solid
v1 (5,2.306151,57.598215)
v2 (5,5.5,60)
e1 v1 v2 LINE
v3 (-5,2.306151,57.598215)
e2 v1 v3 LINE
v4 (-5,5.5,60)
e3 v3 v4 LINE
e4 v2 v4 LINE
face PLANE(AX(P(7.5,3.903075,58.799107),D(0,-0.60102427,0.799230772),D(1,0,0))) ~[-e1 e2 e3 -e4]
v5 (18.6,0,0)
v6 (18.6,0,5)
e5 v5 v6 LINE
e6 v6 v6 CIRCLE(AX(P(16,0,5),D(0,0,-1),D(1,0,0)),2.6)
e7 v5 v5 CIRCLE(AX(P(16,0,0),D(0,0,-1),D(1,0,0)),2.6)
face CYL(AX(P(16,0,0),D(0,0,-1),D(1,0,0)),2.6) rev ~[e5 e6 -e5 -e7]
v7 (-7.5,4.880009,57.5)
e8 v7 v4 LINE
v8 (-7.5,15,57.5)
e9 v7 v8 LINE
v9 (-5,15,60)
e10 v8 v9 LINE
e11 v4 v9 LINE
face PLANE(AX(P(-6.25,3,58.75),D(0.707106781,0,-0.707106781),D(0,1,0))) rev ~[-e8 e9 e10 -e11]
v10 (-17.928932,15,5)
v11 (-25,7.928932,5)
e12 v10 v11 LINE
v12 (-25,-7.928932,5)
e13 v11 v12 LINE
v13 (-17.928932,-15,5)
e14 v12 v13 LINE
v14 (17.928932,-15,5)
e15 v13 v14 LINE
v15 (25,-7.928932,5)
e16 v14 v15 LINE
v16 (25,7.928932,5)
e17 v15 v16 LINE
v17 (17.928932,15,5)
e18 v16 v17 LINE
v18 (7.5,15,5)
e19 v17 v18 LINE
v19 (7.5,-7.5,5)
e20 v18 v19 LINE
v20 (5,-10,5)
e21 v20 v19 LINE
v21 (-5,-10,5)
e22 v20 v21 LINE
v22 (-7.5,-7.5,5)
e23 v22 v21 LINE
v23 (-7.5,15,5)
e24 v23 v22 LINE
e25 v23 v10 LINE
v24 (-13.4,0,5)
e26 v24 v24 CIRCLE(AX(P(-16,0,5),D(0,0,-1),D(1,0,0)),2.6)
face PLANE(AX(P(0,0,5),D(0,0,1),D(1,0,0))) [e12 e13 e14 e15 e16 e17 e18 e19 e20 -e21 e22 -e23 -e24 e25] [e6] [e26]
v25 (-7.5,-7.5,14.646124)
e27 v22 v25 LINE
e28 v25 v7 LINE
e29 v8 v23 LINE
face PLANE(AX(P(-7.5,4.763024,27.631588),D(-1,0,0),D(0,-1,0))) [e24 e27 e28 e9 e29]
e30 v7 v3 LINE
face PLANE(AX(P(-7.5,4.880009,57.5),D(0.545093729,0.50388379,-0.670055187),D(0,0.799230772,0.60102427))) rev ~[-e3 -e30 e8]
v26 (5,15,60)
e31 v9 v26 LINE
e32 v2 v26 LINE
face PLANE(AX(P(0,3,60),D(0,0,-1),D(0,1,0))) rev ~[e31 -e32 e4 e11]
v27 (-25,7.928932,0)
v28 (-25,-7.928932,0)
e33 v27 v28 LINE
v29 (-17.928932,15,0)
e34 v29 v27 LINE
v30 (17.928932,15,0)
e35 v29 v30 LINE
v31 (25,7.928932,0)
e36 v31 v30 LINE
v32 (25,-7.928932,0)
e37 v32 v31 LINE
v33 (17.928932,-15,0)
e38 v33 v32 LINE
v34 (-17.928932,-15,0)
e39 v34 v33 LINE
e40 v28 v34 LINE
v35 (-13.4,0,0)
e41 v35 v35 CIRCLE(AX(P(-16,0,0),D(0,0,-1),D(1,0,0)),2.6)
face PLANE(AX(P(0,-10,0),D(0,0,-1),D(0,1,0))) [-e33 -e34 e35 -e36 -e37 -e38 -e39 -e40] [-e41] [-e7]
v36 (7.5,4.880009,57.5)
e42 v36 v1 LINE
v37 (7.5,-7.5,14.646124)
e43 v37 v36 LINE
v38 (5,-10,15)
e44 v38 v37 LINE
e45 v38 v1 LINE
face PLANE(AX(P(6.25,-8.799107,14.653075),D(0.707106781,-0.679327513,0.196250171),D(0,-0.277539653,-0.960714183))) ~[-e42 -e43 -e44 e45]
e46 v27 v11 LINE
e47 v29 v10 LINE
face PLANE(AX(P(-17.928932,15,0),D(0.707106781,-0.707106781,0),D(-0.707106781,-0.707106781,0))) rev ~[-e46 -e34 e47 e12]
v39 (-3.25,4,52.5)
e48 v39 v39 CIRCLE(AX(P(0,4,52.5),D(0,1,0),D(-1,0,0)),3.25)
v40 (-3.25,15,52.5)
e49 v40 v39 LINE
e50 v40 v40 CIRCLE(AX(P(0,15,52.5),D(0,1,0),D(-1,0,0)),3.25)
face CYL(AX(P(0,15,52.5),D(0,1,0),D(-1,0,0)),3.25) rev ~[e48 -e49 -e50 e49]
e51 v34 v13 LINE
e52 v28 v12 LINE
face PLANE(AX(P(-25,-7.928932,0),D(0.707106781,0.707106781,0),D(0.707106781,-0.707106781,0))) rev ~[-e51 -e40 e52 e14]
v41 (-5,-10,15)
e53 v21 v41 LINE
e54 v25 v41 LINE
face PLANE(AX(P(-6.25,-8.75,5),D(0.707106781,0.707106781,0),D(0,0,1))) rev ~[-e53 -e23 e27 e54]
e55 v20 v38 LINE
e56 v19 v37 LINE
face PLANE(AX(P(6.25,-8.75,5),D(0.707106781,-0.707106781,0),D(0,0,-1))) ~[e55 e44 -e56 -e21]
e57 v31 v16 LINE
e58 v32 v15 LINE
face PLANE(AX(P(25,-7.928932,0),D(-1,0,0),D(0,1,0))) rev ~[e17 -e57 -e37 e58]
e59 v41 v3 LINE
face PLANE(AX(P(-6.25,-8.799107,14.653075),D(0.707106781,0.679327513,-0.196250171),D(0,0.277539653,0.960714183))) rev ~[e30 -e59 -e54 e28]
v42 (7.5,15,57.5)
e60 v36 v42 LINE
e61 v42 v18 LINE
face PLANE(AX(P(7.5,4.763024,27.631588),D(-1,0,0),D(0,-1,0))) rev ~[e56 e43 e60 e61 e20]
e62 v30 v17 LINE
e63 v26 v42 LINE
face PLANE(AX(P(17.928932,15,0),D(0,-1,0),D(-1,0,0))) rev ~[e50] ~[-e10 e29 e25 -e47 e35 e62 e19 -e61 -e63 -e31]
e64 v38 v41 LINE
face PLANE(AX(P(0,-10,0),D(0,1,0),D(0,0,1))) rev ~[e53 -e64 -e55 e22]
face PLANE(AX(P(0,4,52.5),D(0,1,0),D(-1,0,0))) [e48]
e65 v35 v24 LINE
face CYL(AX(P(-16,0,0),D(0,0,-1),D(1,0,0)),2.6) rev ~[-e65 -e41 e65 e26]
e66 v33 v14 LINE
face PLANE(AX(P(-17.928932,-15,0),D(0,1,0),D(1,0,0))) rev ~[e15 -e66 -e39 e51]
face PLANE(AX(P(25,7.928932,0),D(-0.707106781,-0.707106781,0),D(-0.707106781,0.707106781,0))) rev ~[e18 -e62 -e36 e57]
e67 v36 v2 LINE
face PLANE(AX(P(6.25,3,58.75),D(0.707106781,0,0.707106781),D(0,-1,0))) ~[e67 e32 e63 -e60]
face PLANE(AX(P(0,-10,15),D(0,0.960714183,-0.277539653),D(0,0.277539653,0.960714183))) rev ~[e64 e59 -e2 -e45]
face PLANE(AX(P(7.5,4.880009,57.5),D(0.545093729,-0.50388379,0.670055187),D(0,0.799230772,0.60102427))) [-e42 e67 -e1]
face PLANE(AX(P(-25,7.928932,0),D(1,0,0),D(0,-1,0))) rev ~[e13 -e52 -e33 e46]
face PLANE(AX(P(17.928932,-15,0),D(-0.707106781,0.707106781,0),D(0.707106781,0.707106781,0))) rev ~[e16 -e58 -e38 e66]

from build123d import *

# Parameters (mm, degrees)
PAD_DEPTH       = 5
PAD001_DEPTH    = 7.5
CHAMFER_SIZE    = 2.5
SKETCH002_R     = 3.25
POCKET_DEPTH    = 11
SKETCH003_R     = 2.6
POCKET001_DEPTH = 5


with BuildPart() as part:
    # Sketch → Pad (new body)
    with BuildSketch(Plane.XY):
        Polygon((-17.928932, -15), (17.928932, -15), (25, -7.928932), (25, 7.928932), (17.928932, 15), (-17.928932, 15), (-25, 7.928932), (-25, -7.928932), align=None)
    extrude(amount=PAD_DEPTH)

    # Sketch001 → Pad001 (join, symmetric)
    with BuildSketch(Plane.YZ):
        Polygon((0, 0), (-10, 0), (-10, 15), (3, 60), (15, 60), (15, 0), align=None)
    extrude(amount=PAD001_DEPTH, both=True)

    # Chamfer
    chamfer_edges = [part.edges().sort_by_distance(p)[0] for p in [
        (0, 3, 60),
        (7.5, -3.5, 37.5),
        (-7.5, -3.5, 37.5),
        (-7.5, -10, 10),
        (7.5, -10, 10),
        (7.5, 9, 60),
        (-7.5, 9, 60),
    ]]
    chamfer(chamfer_edges, length=CHAMFER_SIZE)

    # Sketch002 (on Face4 of Chamfer) → Pocket (cut)
    with BuildSketch(Plane(origin=(0, 15, 0), x_dir=(-1, 0, 0), z_dir=(0, 1, 0))):
        with Locations((0, 52.5)):
            Circle(SKETCH002_R)
    extrude(amount=-POCKET_DEPTH, mode=Mode.SUBTRACT)

    # Sketch003 (on Face19 of Pocket) → Pocket001 (cut)
    with BuildSketch(Plane(origin=(0, 0, 0), x_dir=(1, 0, 0), z_dir=(0, 0, -1))):
        with Locations((-16, 0)):
            Circle(SKETCH003_R)
        with Locations((16, 0)):
            Circle(SKETCH003_R)
    extrude(amount=-POCKET001_DEPTH, mode=Mode.SUBTRACT)


solid = part.part
